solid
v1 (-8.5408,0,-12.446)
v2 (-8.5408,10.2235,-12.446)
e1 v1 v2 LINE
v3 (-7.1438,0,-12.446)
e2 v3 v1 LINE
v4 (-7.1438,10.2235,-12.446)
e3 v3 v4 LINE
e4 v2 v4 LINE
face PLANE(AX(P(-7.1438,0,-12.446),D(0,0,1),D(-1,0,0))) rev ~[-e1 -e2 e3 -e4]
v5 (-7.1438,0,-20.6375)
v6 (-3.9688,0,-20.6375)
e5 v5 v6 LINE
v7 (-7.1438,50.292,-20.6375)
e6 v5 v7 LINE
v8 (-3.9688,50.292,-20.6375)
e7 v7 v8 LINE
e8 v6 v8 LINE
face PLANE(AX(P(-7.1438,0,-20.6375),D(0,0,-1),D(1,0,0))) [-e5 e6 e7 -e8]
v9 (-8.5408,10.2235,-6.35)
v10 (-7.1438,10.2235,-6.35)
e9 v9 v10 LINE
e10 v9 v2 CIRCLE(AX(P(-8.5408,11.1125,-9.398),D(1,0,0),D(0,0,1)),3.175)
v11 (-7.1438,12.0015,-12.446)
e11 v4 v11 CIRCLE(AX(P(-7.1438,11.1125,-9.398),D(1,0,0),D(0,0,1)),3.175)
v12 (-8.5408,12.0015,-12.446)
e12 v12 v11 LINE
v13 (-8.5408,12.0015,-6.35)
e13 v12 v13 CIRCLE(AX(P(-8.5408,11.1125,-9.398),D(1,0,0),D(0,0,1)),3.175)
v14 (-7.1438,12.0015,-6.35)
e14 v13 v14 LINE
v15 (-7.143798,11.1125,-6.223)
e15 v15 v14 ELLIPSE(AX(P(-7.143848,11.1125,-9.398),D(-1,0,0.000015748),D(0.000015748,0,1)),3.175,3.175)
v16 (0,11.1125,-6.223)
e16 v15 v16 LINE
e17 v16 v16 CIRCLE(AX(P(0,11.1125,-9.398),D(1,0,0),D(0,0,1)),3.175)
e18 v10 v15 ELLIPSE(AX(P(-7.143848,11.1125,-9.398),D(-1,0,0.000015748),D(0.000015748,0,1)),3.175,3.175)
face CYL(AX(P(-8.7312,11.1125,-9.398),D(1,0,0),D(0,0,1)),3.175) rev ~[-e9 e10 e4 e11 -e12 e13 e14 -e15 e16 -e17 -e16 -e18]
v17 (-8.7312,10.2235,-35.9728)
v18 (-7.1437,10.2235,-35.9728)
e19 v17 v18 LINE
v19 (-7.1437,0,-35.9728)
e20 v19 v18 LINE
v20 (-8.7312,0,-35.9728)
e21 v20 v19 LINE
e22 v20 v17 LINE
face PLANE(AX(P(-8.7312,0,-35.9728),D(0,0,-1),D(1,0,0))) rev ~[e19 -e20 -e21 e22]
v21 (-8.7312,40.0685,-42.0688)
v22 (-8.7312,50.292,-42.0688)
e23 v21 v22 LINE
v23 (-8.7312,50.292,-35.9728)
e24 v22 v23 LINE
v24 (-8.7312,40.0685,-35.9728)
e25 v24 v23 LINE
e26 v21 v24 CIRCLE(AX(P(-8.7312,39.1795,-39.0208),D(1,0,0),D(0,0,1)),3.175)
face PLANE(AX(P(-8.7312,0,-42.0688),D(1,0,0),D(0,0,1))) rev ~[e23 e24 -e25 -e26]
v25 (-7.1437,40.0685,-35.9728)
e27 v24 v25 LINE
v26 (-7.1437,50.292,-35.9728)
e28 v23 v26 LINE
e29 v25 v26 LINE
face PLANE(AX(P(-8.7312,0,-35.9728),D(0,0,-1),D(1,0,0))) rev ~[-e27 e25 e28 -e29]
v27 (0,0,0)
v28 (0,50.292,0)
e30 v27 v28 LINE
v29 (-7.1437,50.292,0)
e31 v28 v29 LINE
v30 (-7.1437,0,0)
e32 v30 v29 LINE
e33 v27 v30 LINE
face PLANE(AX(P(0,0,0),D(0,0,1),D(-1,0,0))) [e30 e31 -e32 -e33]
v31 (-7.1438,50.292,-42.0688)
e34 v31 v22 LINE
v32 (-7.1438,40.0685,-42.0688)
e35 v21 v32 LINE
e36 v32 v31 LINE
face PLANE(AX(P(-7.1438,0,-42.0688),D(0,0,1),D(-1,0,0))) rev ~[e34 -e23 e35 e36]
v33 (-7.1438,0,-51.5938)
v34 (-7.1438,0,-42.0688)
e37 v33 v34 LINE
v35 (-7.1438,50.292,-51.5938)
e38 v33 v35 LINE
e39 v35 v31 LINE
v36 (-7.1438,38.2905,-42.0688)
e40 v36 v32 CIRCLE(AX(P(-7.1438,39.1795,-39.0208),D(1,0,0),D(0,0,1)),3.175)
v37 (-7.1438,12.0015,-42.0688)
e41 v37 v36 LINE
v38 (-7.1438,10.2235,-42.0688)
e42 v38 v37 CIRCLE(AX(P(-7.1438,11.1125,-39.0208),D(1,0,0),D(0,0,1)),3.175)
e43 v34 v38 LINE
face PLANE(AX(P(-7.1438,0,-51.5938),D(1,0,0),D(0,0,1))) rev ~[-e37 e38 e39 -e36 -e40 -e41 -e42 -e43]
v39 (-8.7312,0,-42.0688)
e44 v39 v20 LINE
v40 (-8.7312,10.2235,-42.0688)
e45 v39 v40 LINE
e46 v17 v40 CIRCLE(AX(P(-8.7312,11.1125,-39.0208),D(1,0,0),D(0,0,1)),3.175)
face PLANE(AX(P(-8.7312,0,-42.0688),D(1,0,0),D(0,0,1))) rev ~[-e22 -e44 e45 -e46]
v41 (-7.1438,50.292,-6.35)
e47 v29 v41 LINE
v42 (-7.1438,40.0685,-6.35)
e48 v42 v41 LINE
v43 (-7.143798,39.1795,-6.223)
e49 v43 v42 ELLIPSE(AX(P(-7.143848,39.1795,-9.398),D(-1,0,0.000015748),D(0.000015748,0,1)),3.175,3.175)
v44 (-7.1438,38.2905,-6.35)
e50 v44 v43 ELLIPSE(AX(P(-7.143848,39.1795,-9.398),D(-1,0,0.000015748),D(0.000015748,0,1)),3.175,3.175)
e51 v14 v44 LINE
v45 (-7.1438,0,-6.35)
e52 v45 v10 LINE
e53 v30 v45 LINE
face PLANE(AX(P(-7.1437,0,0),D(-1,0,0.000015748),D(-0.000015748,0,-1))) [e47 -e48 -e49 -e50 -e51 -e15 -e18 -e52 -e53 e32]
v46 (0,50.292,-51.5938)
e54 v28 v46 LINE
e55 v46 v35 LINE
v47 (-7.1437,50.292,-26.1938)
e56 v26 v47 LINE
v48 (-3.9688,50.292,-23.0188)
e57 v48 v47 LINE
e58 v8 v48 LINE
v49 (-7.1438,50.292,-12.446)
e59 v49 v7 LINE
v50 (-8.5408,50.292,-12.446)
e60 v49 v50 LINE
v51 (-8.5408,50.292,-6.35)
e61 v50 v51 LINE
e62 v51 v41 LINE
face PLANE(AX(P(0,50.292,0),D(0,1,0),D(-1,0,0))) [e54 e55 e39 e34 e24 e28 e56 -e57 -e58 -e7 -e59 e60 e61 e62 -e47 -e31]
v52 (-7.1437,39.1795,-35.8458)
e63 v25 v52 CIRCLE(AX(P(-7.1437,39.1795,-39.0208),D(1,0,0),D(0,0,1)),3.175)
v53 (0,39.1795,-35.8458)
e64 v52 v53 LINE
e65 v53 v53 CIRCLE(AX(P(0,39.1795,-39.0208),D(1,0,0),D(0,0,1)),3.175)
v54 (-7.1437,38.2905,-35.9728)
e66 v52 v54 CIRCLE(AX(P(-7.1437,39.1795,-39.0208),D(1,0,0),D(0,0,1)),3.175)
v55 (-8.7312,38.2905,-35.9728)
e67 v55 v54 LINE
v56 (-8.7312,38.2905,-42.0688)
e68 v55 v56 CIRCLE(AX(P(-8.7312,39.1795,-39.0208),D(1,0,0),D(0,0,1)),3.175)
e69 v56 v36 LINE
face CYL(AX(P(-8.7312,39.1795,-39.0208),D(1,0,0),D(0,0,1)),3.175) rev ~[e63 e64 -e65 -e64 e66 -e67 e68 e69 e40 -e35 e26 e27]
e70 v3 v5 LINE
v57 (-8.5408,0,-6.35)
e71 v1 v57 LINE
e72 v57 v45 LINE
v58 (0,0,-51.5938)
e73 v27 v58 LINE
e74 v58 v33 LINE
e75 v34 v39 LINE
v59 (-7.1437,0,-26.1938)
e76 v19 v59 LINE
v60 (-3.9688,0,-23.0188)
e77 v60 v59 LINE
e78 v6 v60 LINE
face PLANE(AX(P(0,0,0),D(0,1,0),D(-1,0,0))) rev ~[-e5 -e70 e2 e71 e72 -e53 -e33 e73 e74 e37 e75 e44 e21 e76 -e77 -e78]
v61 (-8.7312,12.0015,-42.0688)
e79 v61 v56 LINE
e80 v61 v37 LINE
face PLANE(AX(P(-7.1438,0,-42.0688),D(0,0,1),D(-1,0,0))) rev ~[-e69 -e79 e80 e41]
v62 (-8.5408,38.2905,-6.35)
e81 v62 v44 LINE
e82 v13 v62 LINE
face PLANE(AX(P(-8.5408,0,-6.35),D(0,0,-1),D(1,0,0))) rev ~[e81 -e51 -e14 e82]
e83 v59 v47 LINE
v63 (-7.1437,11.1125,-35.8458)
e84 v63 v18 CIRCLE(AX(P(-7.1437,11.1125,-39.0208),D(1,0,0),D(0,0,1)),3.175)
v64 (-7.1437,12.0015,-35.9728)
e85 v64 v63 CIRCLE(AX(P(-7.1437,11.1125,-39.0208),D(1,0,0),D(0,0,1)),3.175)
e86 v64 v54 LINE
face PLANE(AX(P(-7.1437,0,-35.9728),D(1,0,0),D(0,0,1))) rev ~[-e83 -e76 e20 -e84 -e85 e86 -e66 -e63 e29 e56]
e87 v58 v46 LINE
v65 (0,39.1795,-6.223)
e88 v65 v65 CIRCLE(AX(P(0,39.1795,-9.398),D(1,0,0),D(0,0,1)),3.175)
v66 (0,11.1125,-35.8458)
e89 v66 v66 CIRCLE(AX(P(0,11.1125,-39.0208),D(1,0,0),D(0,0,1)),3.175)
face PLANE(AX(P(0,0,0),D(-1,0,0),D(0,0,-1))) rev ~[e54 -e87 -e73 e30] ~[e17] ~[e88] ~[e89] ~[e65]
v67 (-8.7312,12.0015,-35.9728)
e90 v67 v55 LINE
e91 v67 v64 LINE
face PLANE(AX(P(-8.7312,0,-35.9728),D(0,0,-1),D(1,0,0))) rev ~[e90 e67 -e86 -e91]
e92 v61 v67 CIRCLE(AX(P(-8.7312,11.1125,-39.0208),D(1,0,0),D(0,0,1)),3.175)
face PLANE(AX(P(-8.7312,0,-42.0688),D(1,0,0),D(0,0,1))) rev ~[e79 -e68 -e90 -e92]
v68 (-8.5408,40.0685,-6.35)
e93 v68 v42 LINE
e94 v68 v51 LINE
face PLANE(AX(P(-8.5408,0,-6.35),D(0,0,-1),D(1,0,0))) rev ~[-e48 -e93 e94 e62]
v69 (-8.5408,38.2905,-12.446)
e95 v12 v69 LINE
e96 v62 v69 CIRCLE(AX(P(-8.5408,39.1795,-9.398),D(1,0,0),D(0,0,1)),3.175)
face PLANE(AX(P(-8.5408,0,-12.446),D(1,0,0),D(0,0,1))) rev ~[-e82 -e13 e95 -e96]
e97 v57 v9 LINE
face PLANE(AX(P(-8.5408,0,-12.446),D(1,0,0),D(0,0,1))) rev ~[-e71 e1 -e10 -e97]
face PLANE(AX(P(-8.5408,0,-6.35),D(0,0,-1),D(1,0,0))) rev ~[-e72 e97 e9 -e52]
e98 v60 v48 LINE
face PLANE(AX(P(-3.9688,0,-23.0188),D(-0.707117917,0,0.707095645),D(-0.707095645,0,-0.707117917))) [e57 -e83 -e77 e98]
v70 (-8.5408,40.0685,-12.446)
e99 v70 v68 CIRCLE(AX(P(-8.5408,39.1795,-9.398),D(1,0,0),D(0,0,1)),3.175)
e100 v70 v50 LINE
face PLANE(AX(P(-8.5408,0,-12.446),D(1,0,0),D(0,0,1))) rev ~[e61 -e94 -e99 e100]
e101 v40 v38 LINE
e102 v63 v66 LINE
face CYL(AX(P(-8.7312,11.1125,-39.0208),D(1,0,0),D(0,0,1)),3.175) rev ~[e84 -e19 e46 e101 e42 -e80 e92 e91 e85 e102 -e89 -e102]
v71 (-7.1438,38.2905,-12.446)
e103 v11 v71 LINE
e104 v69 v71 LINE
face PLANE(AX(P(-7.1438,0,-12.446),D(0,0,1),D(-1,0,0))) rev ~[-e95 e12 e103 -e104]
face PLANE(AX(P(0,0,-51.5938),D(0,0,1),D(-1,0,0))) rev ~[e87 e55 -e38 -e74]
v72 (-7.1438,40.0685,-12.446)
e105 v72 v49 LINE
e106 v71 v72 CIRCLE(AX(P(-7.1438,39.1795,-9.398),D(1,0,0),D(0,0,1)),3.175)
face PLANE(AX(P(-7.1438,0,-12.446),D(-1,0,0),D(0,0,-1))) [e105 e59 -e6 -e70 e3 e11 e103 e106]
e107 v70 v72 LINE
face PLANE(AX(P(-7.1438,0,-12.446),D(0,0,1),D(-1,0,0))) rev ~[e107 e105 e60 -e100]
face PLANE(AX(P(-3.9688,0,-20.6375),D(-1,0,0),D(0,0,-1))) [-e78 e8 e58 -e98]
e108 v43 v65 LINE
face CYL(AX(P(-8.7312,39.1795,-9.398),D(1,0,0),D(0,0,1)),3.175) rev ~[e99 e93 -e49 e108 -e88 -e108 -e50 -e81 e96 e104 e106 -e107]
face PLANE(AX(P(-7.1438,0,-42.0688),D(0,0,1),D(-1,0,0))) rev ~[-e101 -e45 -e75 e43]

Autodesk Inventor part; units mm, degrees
ref_plane "YZ Plane" through (0, 0, 0) normal (1, 0, 0) x (0, 1, 0)
ref_plane "XZ Plane" through (0, 0, 0) normal (0, 1, 0) x (-1, 0, 0)
ref_plane "XY Plane" through (0, 0, 0) normal (0, 0, 1) x (1, 0, 0)
sketch "Sketch1" plane through (0, 0, 0) normal (0, 1, 0) x (-1, 0, 0)
  line L0 (0, 0) -> (0, -51.5938)
  line L1 (0, -51.5938) -> (7.1438, -51.5938)
  line L2 (7.1438, -42.0688) -> (8.7312, -42.0688)
  line L3 (8.7312, -42.0688) -> (8.7312, -35.9728)
  line L4 (8.7312, -35.9728) -> (7.1437, -35.9728)
  line L5 (7.1438, -51.5938) -> (7.1438, -42.0688)
  line L6 (7.1437, -35.9728) -> (7.1437, -26.1938)
  line L7 (0, 0) -> (7.1437, 0)
  line L8 (7.1438, -20.6375) -> (3.9688, -20.6375)
  line L9 (3.9688, -20.6375) -> (3.9688, -23.0188)
  line L10 (3.9688, -23.0188) -> (7.1437, -26.1938)
  line L11 (7.1438, -12.446) -> (8.5408, -12.446)
  line L12 (8.5408, -12.446) -> (8.5408, -6.35)
  line L13 (8.5408, -6.35) -> (7.1438, -6.35)
  line L14 (7.1437, 0) -> (7.1438, -6.35)
  line L15 (7.1438, -12.446) -> (7.1438, -20.6375)
  dimension "d2" = 51.5938
  dimension "d3" = 7.1437
  dimension "d36" = 7.1437
  dimension "d42" = 2.3813
  dimension "d43" = 1.397
  dimension "d44" = 1.397
  dimension "d45" = 6.096
  dimension "d64" = 6.35
  dimension "d65" = 9.525
  dimension "d66" = 6.096
  dimension "d67" = 1.5875
  dimension "d68" = 9.779
  dimension "d69" = 3.9688
  dimension "d71" = 20.6375
extrude "Extrusion1" add sketch "Sketch1" along normal blind 50.292
sketch "Sketch3" plane through (-8.7312, 0, -42.0688) normal (-1, 0, 0) x (0, 0, 1)
  line L0 (6.096, 0) -> (6.096, 50.292) projected
  line L1 (0, 50.292) -> (6.096, 50.292) projected
  line L2 (0, 0) -> (6.096, 0) projected
  line L3 (35.7188, 0) -> (35.7188, 50.292) projected
  point P0 (42.0688, 0)
  point P1 (3.048, 39.1795)
  point P2 (3.048, 11.1125)
  point P3 (32.6708, 39.1795)
  point P4 (32.6708, 11.1125)
  dimension "d49" = 3.048
  dimension "d50" = 3.048
  dimension "d51" = 11.1125
  dimension "d52" = 11.1125
  dimension "d60" = 3.048
  dimension "d61" = 3.048
  dimension "d62" = 0
  dimension "d63" = 0
hole "Hole2" at (-8.7312, 39.1795, -39.0208) at (-8.7312, 11.1125, -39.0208) at (-8.7312, 39.1795, -9.398) at (-8.7312, 11.1125, -9.398) direction (1, 0, 0) diameter 6.35 end through all
equation "\"d36\" = d3"
equation "\"d43\" = d14"
equation "\"d44\" = d14"
equation "\"d45\" = d15"
equation "\"d14\" = 1.397"
equation "\"d15\" = 6.096"
properties part number "80-20 extrusion rail"
